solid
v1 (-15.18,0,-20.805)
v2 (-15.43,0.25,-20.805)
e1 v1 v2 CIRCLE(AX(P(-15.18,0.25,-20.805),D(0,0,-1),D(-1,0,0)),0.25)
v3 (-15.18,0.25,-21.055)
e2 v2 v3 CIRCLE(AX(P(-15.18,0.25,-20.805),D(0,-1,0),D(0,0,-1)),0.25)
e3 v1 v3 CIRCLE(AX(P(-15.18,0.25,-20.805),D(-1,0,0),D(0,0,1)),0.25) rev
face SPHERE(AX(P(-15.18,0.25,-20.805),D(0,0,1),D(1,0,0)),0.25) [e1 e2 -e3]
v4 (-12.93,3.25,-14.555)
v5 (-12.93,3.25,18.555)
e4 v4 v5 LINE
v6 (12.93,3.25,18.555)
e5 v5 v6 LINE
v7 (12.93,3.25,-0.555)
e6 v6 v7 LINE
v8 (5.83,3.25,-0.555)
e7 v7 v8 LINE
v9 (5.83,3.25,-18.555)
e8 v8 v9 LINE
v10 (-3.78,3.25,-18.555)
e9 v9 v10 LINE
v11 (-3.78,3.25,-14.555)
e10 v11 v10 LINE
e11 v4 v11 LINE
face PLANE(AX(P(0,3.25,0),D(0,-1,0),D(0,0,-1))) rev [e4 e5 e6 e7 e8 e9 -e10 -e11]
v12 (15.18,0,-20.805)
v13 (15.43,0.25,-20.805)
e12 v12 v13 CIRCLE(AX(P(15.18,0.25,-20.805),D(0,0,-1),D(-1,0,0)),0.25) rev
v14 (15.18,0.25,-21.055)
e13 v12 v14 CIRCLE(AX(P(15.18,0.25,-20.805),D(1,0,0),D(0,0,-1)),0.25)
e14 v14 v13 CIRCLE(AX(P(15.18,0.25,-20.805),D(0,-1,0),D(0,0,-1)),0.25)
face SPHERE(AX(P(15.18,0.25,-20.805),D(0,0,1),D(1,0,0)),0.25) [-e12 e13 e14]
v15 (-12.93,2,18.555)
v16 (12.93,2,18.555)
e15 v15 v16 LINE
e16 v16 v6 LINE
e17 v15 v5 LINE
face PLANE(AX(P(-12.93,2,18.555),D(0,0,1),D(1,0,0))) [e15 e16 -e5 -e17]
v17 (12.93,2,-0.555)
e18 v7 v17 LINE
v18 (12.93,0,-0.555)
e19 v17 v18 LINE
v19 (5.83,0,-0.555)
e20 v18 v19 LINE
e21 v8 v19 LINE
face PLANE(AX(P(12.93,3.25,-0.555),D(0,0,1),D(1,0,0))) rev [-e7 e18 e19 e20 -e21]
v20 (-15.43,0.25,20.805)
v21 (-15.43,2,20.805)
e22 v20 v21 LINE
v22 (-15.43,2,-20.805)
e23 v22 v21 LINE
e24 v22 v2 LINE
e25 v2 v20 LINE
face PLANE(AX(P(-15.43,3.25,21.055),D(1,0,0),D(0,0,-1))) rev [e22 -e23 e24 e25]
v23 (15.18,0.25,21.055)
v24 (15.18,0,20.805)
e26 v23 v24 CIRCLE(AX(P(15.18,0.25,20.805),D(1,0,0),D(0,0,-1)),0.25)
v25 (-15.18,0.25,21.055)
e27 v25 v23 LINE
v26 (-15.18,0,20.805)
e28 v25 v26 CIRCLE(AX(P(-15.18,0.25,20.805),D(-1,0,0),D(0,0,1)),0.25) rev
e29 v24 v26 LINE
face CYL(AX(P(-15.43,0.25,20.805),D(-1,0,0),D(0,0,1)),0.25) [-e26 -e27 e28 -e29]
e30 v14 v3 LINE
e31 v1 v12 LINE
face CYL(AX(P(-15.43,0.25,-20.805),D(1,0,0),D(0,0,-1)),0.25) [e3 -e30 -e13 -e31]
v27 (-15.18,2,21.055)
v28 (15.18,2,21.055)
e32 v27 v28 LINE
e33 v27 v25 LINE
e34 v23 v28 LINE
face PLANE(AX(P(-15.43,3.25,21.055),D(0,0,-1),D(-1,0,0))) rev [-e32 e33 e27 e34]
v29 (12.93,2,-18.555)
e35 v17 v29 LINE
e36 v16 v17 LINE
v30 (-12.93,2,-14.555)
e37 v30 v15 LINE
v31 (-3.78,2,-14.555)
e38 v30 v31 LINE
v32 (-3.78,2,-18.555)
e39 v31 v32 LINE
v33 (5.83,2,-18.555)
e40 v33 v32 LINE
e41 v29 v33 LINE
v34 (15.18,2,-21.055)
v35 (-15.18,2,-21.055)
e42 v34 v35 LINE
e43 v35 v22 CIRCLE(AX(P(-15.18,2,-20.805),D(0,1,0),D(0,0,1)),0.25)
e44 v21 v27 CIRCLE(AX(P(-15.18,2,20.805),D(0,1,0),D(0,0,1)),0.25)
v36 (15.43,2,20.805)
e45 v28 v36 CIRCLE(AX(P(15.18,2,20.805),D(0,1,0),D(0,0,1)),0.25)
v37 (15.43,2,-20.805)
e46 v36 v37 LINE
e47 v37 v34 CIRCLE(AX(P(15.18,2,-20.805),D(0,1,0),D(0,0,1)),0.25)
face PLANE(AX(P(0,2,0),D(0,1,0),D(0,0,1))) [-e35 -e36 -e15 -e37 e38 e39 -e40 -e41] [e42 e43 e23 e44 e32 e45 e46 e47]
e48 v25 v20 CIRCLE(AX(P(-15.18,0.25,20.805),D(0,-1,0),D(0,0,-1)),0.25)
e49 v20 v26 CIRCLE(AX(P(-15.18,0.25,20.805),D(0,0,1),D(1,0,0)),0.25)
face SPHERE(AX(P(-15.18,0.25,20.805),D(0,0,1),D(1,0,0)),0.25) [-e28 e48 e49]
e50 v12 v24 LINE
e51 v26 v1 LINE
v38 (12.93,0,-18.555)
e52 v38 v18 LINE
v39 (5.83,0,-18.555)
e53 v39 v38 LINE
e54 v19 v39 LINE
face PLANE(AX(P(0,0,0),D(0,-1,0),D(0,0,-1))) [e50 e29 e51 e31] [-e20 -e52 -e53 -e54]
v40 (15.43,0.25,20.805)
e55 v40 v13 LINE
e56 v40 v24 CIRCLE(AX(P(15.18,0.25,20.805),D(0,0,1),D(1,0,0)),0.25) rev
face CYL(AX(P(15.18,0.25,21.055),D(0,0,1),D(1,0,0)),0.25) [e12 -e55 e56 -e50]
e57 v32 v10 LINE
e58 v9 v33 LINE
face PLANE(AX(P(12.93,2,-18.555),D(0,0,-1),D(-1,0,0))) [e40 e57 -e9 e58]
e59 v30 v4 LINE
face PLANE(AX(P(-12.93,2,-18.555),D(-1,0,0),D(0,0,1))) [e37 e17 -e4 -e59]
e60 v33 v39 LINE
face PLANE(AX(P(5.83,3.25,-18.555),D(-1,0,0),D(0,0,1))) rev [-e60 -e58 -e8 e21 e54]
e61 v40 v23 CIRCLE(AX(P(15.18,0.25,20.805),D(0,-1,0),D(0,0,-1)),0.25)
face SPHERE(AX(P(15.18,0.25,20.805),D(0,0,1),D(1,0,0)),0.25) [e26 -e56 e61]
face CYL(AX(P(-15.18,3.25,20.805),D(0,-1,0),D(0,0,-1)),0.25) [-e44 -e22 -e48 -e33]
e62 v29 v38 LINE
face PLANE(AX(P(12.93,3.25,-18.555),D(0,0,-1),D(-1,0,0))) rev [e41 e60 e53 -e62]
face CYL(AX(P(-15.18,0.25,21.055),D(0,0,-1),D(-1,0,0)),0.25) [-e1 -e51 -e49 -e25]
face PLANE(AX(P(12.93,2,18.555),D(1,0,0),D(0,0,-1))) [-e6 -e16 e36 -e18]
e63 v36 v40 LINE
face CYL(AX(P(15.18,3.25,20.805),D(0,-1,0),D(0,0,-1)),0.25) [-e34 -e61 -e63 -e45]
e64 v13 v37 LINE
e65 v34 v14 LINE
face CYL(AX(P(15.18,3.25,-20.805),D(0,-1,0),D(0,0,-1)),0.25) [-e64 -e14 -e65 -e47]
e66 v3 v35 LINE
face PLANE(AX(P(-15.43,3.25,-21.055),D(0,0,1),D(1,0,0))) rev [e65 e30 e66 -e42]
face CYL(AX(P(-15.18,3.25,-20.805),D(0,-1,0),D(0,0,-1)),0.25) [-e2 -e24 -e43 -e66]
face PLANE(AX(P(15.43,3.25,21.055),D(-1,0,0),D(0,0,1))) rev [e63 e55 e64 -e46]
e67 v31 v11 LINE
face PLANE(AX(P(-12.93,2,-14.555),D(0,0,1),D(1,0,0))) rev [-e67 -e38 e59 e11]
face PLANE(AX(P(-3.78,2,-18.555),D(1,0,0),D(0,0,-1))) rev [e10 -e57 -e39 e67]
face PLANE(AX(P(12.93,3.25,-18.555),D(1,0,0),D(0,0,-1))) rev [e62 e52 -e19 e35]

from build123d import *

# Parameters (mm, degrees)
SKETCH1_W           = 30.86
SKETCH1_H           = 42.11
BOSS_EXTRUDE1_DEPTH = 3.25
SKETCH2_OUTSIDE_W   = 43.322
SKETCH2_OUTSIDE_H   = 54.572
SKETCH2_OUTSIDE_W_2 = 25.86
SKETCH2_OUTSIDE_H_2 = 37.11
CUT_EXTRUDE1_DEPTH  = 1.25
FILLET1_R           = 0.25
SKETCH4_W           = 7.1
SKETCH4_H           = 18
CUT_EXTRUDE3_DEPTH  = 27.305140657
SKETCH5_W           = 9.15
SKETCH5_H           = 4
CUT_EXTRUDE4_DEPTH  = 1.25


with BuildPart() as part:
    # Sketch1 → Boss-Extrude1 (new body)
    with BuildSketch(Plane(origin=(0, 0, 0), x_dir=(1, 0, 0), z_dir=(0, 1, 0))):
        Rectangle(SKETCH1_W, SKETCH1_H)
    extrude(amount=BOSS_EXTRUDE1_DEPTH)

    # Sketch2 outside → Cut-Extrude1 (cut)
    with BuildSketch(Plane(origin=(0, 3.25, 0), x_dir=(1, 0, 0), z_dir=(0, 1, 0))):
        Rectangle(SKETCH2_OUTSIDE_W, SKETCH2_OUTSIDE_H)
        Rectangle(SKETCH2_OUTSIDE_W_2, SKETCH2_OUTSIDE_H_2, mode=Mode.SUBTRACT)
    extrude(amount=-CUT_EXTRUDE1_DEPTH, mode=Mode.SUBTRACT)

    # Fillet1
    fillet1_edges = [part.edges().sort_by_distance(p)[0] for p in [
        (15.43, 1, 21.055),
        (-15.43, 1, 21.055),
        (-15.43, 1, -21.055),
        (15.43, 1, -21.055),
        (0, 0, 21.055),
        (-15.43, 0, 0),
        (0, 0, -21.055),
        (15.43, 0, 0),
    ]]
    fillet(fillet1_edges, radius=FILLET1_R)

    # Sketch4 → Cut-Extrude3 (cut, through all)
    with BuildSketch(Plane(origin=(0, 0, 0), x_dir=(-1, 0, 0), z_dir=(0, -1, 0))):
        with Locations((-9.38, 9.555)):
            Rectangle(SKETCH4_W, SKETCH4_H)
    extrude(amount=-CUT_EXTRUDE3_DEPTH, mode=Mode.SUBTRACT)

    # Sketch5 → Cut-Extrude4 (cut)
    with BuildSketch(Plane(origin=(0, 3.25, 0), x_dir=(1, 0, 0), z_dir=(0, 1, 0))):
        with Locations((-8.355, 16.555)):
            Rectangle(SKETCH5_W, SKETCH5_H)
    extrude(amount=-CUT_EXTRUDE4_DEPTH, mode=Mode.SUBTRACT)


solid = part.part
